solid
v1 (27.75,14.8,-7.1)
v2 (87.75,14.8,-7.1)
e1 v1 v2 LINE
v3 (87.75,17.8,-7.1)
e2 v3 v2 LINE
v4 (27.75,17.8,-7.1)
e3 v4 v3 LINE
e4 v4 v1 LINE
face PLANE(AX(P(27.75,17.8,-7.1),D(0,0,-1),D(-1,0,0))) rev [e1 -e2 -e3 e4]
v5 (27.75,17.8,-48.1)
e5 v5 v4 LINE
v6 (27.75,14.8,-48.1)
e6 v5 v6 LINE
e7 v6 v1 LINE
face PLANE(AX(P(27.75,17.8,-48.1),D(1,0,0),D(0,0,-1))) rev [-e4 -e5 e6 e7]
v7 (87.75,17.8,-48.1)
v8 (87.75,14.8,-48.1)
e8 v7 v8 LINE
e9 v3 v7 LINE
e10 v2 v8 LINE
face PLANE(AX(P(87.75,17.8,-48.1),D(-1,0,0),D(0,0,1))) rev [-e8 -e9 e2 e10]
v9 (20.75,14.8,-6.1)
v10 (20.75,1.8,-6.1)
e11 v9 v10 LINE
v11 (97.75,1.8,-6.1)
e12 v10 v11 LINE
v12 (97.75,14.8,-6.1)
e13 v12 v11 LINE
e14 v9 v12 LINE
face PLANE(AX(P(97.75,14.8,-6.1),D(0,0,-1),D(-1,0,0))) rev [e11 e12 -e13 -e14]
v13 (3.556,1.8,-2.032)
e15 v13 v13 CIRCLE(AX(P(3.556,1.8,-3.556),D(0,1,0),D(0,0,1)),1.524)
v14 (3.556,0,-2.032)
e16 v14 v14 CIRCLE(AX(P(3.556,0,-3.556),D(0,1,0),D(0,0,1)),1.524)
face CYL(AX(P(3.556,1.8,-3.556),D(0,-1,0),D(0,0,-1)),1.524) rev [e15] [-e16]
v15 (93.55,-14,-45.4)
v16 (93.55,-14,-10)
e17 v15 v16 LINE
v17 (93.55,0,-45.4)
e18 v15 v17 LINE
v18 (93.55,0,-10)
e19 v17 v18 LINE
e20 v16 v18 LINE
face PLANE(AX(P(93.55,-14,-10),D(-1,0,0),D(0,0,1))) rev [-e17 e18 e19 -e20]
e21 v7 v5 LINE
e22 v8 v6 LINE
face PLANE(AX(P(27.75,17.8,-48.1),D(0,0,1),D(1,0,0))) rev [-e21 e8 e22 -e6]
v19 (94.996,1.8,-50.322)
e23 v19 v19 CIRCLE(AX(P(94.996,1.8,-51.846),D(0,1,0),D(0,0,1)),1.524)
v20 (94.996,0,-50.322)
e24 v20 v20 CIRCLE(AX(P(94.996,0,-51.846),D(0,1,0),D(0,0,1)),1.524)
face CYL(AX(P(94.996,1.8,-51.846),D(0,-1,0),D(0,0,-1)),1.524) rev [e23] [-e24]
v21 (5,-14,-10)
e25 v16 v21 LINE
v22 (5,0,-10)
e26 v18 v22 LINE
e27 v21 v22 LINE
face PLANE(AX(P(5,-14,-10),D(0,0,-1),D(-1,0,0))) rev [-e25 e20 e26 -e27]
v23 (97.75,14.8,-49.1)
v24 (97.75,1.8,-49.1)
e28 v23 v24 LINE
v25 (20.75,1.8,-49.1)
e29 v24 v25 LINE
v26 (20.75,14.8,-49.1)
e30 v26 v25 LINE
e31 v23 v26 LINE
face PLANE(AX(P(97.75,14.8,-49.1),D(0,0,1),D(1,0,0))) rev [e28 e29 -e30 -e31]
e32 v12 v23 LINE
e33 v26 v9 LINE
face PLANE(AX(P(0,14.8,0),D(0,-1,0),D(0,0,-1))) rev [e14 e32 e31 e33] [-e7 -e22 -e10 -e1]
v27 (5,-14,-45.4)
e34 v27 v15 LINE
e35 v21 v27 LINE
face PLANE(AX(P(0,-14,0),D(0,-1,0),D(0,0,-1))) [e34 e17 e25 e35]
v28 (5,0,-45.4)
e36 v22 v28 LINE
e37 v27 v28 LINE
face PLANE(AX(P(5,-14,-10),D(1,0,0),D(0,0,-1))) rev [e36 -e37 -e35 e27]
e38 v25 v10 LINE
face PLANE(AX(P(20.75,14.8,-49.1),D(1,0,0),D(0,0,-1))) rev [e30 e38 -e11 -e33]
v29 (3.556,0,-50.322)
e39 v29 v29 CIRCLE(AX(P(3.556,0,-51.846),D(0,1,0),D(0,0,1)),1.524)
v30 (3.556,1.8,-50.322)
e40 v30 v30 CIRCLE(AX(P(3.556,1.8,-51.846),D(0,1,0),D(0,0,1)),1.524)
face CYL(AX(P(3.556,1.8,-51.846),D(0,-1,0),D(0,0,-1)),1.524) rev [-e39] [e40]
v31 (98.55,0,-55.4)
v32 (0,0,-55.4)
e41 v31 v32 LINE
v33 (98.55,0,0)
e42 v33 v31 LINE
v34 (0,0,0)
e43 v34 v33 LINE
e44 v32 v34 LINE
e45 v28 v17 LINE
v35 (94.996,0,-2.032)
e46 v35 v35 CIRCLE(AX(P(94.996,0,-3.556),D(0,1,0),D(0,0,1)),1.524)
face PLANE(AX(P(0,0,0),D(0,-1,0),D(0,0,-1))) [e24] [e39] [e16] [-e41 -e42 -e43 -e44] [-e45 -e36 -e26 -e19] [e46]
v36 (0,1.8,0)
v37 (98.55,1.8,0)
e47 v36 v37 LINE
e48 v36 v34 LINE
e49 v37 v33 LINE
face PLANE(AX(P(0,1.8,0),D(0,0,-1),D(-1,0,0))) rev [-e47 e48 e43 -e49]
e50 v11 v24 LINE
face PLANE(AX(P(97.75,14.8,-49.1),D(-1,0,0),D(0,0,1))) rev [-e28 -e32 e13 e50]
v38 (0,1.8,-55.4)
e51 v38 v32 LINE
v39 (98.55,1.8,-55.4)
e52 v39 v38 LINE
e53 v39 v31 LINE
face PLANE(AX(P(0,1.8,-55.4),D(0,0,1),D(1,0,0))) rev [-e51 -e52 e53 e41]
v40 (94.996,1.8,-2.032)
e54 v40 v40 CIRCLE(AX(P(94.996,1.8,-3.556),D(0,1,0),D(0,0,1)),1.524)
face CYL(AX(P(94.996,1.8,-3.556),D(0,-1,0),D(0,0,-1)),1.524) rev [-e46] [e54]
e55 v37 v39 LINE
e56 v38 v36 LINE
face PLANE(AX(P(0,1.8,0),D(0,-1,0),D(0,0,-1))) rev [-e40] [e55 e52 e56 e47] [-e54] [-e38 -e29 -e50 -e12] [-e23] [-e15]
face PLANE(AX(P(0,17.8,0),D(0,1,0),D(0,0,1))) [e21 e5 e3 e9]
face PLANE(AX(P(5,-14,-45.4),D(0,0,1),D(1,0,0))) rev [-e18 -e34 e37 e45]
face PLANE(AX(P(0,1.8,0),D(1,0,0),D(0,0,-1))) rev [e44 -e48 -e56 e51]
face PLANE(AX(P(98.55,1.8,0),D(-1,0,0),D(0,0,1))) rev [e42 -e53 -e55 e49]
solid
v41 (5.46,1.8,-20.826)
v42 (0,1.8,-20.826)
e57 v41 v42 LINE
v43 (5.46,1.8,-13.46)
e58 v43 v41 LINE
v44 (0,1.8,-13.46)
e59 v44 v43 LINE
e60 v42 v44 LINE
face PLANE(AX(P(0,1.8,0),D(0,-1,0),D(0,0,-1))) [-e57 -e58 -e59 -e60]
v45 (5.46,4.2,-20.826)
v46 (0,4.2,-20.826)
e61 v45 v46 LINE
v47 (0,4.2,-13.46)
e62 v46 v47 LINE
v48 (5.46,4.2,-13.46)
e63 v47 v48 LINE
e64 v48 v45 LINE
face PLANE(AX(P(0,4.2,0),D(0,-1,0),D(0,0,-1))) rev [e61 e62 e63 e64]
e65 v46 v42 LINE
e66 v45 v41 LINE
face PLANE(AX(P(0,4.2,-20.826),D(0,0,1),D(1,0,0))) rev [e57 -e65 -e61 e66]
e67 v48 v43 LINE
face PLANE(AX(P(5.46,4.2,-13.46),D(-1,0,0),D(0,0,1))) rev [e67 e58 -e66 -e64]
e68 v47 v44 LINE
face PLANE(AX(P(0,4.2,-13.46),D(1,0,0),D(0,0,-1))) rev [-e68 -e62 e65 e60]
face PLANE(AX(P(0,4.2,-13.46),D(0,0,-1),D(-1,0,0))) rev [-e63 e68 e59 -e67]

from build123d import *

# Parameters (mm, degrees)
SKETCH_1_W      = 98.55
SKETCH_1_H      = 55.4
SKETCH_1_R      = 1.524
EXTRUDE_1_DEPTH = 1.8
SKETCH_2_W      = 77
SKETCH_2_H      = 43
EXTRUDE_2_DEPTH = 13
SKETCH_3_W      = 60
SKETCH_3_H      = 41
EXTRUDE_3_DEPTH = 3
SKETCH_4_W      = 5.46
SKETCH_4_H      = 7.366
EXTRUDE_4_DEPTH = 2.4
SKETCH_5_W      = 88.55
SKETCH_5_H      = 35.4
EXTRUDE_5_DEPTH = 14


with BuildPart() as part:
    # 草图1 → 凸台-拉伸1 (new body)
    with BuildSketch(Plane(origin=(0, 0, 0), x_dir=(1, 0, 0), z_dir=(0, 1, 0))):
        with Locations((49.275, 27.7)):
            Rectangle(SKETCH_1_W, SKETCH_1_H)
        with Locations((3.556, 3.556)):
            Circle(SKETCH_1_R, mode=Mode.SUBTRACT)
        with Locations((94.996, 3.556)):
            Circle(SKETCH_1_R, mode=Mode.SUBTRACT)
        with Locations((94.996, 51.846)):
            Circle(SKETCH_1_R, mode=Mode.SUBTRACT)
        with Locations((3.556, 51.846)):
            Circle(SKETCH_1_R, mode=Mode.SUBTRACT)
    extrude(amount=EXTRUDE_1_DEPTH)

    # 草图2 → 凸台-拉伸2 (add)
    with BuildSketch(Plane(origin=(0, 1.8, 0), x_dir=(1, 0, 0), z_dir=(0, 1, 0))):
        with Locations((59.25, 27.6)):
            Rectangle(SKETCH_2_W, SKETCH_2_H)
    extrude(amount=EXTRUDE_2_DEPTH)

    # 草图3 → 凸台-拉伸3 (add)
    with BuildSketch(Plane(origin=(0, 14.8, 0), x_dir=(1, 0, 0), z_dir=(0, 1, 0))):
        with Locations((57.75, 27.6)):
            Rectangle(SKETCH_3_W, SKETCH_3_H)
    extrude(amount=EXTRUDE_3_DEPTH)

    # 草图5 → 凸台-拉伸5 (add)
    with BuildSketch(Plane.XZ):
        with Locations((49.275, -27.7)):
            Rectangle(SKETCH_5_W, SKETCH_5_H)
    extrude(amount=EXTRUDE_5_DEPTH)


with BuildPart() as body_2:
    # 草图4 → 凸台-拉伸4 (new body)
    with BuildSketch(Plane(origin=(0, 1.8, 0), x_dir=(1, 0, 0), z_dir=(0, 1, 0))):
        with Locations((2.73, 17.143)):
            Rectangle(SKETCH_4_W, SKETCH_4_H)
    extrude(amount=EXTRUDE_4_DEPTH)


solid = Compound([part.part, body_2.part])
